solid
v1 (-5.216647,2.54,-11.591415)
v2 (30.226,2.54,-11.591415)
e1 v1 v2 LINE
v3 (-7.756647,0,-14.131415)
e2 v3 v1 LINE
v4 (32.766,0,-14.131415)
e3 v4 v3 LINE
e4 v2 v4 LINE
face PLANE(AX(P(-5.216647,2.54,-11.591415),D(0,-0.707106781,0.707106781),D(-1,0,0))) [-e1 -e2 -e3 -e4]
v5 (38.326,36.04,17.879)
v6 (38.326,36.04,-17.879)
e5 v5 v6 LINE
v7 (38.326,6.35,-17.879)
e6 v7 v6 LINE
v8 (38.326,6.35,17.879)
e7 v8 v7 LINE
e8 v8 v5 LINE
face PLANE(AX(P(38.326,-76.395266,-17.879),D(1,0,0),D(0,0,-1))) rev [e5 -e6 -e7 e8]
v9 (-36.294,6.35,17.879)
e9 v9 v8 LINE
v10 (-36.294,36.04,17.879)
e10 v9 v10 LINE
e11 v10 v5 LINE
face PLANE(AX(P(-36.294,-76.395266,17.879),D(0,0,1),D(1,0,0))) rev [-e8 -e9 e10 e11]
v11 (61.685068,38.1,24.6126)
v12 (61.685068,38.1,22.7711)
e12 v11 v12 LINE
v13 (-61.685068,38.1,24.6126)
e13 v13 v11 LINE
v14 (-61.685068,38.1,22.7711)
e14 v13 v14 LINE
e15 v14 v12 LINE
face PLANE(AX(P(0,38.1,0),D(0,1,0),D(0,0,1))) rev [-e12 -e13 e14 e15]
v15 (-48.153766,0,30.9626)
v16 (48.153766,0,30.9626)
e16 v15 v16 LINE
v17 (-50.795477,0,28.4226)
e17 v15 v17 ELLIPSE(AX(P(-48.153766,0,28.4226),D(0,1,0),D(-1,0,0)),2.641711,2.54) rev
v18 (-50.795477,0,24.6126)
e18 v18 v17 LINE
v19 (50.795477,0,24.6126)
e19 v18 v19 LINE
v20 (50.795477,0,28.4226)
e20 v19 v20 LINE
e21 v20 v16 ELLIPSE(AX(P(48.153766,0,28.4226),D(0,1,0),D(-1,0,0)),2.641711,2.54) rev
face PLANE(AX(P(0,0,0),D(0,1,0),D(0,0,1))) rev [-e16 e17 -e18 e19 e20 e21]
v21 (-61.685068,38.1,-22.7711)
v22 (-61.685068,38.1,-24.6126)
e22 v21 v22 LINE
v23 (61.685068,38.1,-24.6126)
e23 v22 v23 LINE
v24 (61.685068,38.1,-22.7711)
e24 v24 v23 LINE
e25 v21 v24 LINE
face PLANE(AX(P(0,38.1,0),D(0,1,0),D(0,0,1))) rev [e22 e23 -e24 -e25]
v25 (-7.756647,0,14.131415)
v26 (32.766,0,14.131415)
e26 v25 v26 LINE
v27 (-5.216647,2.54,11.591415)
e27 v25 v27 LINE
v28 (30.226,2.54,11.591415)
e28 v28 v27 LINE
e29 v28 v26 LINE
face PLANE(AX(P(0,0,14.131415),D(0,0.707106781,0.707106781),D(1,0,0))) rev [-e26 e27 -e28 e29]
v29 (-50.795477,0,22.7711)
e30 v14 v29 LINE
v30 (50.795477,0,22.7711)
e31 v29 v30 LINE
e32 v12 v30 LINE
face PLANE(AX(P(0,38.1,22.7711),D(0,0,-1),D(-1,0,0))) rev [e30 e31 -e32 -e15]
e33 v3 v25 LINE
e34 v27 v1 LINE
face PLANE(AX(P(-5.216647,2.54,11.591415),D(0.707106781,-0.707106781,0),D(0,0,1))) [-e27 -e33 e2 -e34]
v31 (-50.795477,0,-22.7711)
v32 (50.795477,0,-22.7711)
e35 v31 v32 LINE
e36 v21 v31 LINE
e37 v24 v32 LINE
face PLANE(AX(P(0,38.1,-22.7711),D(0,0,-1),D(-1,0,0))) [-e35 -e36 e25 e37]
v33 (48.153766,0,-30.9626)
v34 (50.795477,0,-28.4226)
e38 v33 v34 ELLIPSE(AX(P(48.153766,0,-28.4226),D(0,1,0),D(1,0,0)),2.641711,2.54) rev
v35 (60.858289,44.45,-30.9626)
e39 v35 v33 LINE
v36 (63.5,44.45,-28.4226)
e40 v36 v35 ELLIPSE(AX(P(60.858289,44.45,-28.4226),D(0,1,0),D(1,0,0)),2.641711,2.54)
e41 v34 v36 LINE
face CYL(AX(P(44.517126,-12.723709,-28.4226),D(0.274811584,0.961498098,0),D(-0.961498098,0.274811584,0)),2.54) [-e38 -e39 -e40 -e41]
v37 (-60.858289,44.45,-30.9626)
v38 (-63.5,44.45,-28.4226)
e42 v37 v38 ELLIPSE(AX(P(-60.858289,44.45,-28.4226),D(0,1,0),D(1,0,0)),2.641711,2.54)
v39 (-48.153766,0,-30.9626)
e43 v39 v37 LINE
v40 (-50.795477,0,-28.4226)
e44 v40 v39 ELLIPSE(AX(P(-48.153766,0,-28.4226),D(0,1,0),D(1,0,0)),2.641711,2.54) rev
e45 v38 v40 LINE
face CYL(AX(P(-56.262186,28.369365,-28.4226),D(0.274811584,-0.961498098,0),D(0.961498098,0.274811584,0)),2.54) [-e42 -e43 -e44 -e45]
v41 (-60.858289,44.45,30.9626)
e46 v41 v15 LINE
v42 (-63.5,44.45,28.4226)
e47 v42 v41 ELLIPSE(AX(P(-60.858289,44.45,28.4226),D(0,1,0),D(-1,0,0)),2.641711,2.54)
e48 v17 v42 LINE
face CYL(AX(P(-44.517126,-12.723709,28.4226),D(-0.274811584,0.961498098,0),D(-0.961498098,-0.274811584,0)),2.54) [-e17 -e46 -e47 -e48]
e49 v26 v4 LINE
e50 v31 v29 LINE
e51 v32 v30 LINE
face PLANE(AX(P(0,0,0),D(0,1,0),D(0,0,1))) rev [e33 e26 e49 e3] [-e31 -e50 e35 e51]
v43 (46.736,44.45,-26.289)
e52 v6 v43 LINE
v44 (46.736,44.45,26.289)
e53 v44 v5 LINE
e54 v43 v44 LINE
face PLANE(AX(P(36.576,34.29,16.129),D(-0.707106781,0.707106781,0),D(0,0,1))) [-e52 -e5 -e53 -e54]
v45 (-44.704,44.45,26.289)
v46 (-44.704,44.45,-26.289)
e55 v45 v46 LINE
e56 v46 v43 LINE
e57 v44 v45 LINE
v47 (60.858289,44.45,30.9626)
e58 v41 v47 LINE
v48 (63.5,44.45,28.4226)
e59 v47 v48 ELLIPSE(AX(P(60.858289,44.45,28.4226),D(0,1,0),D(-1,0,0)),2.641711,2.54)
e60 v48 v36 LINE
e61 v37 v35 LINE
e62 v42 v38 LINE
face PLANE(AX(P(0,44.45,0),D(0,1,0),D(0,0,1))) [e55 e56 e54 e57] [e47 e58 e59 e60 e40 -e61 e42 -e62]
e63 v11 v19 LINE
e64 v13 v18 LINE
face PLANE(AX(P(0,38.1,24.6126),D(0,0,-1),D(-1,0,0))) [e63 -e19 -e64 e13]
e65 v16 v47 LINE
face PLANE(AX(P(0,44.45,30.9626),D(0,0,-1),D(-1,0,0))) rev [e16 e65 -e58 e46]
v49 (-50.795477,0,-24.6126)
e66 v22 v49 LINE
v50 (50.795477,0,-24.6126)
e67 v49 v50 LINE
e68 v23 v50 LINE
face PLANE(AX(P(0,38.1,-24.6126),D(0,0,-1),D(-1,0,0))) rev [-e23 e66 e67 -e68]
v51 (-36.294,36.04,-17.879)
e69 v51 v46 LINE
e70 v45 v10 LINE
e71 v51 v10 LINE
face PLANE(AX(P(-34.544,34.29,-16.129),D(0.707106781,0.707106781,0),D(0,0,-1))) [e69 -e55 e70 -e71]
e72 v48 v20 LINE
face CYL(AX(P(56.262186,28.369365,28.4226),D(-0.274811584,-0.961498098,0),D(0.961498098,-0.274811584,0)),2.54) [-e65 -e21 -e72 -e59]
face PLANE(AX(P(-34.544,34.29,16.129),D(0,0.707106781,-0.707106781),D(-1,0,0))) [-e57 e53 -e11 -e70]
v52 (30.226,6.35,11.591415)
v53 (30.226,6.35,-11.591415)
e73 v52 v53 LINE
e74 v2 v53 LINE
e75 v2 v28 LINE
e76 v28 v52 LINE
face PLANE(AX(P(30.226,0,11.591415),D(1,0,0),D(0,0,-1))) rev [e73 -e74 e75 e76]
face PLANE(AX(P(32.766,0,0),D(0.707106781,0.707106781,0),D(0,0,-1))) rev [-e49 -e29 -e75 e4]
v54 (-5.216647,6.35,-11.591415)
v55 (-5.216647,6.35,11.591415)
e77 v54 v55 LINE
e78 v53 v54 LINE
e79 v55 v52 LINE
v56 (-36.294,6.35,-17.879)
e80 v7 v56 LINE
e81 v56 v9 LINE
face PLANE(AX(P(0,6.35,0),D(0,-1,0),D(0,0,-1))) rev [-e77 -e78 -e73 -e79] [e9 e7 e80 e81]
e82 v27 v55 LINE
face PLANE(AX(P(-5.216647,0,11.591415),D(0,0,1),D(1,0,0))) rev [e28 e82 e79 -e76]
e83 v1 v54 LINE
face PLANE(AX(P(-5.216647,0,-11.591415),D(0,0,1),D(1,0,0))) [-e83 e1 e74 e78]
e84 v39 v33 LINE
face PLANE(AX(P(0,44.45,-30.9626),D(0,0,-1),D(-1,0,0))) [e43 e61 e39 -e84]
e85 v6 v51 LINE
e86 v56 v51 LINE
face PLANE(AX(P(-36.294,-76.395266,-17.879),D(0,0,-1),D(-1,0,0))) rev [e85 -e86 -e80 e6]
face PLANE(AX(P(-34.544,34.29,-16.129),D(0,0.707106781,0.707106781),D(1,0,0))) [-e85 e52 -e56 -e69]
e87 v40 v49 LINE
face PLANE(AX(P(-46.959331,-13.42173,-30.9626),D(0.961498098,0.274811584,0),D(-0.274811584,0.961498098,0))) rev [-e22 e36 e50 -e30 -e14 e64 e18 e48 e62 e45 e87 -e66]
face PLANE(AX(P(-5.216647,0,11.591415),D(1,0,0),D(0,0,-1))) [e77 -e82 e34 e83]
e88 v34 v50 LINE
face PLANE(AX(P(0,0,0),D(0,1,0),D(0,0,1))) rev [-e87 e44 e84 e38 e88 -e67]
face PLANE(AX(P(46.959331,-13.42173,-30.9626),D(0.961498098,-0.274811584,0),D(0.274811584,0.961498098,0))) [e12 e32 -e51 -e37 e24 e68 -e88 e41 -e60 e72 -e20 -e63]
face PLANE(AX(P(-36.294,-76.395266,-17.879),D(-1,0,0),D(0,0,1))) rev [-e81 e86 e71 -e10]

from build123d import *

# Parameters (mm, degrees)
SKETCH1_W           = 127
SKETCH1_H           = 61.9252
BOSS_EXTRUDE1_DEPTH = 44.45
SKETCH1_3_W         = 127
SKETCH1_3_H         = 1.8415
CUT_EXTRUDE2_DEPTH  = 38.1
SKETCH2_W           = 71.12
SKETCH2_H           = 32.258
SKETCH2_W_2         = 35.442647017
SKETCH2_H_2         = 23.182829488
CUT_EXTRUDE3_DEPTH  = 38.1
CHAMFER2_SIZE       = 10.16
CUT_EXTRUDE5_DEPTH  = 100.210800294
FILLET3_R           = 2.54
SKETCH2_3_W         = 35.442647017
SKETCH2_3_H         = 23.182829488
CUT_EXTRUDE6_DEPTH  = 84.466970107
CHAMFER3_SIZE       = 2.54
SKETCH9_W           = 74.62
SKETCH9_H           = 35.758
CUT_EXTRUDE7_DEPTH  = 38.1


with BuildPart() as part:
    # Sketch1 → Boss-Extrude1 (new body)
    with BuildSketch(Plane(origin=(0, 0, 0), x_dir=(1, 0, 0), z_dir=(0, 1, 0))):
        Rectangle(SKETCH1_W, SKETCH1_H)
    extrude(amount=BOSS_EXTRUDE1_DEPTH)

    # Sketch1<3> → Cut-Extrude2 (cut)
    with BuildSketch(Plane(origin=(0, 0, 0), x_dir=(1, 0, 0), z_dir=(0, 1, 0))):
        with Locations((0, 23.69185)):
            Rectangle(SKETCH1_3_W, SKETCH1_3_H)
        with Locations((0, -23.69185)):
            Rectangle(SKETCH1_3_W, SKETCH1_3_H)
    extrude(amount=CUT_EXTRUDE2_DEPTH, mode=Mode.SUBTRACT)

    # Sketch2 → Cut-Extrude3 (cut)
    with BuildSketch(Plane(origin=(0, 44.45, 0), x_dir=(1, 0, 0), z_dir=(0, 1, 0))):
        with Locations((1.016, 0)):
            Rectangle(SKETCH2_W, SKETCH2_H)
        with Locations((12.504676492, 0)):
            Rectangle(SKETCH2_W_2, SKETCH2_H_2, mode=Mode.SUBTRACT)
    extrude(amount=-CUT_EXTRUDE3_DEPTH, mode=Mode.SUBTRACT)

    # Chamfer2
    chamfer2_edges = [part.edges().sort_by_distance(p)[0] for p in [
        (36.576, 44.45, 0),
        (1.016, 44.45, -16.129),
        (-34.544, 44.45, 0),
        (1.016, 44.45, 16.129),
    ]]
    chamfer(chamfer2_edges, length=CHAMFER2_SIZE)

    # Sketch7 → Cut-Extrude5 (cut, through all)
    with BuildSketch(Plane.XY.offset(30.9626)):
        Polygon((-50.795476794, 0), (-63.5, 44.45), (-63.5, 0), align=None)
        Polygon((63.5, 44.45), (50.795476794, 0), (63.5, 0), align=None)
    extrude(amount=-CUT_EXTRUDE5_DEPTH, mode=Mode.SUBTRACT)

    # Fillet3
    fillet3_edges = [part.edges().sort_by_distance(p)[0] for p in [
        (-57.147738397, 22.225, -30.9626),
        (-57.147738397, 22.225, 30.9626),
        (57.147738397, 22.225, 30.9626),
        (57.147738397, 22.225, -30.9626),
    ]]
    fillet(fillet3_edges, radius=FILLET3_R)

    # Sketch2<3> → Cut-Extrude6 (cut, through all)
    with BuildSketch(Plane(origin=(0, 44.45, 0), x_dir=(1, 0, 0), z_dir=(0, 1, 0))):
        with Locations((12.504676492, 0)):
            Rectangle(SKETCH2_3_W, SKETCH2_3_H)
    extrude(amount=-CUT_EXTRUDE6_DEPTH, mode=Mode.SUBTRACT)

    # Chamfer3
    chamfer3_edges = [part.edges().sort_by_distance(p)[0] for p in [
        (30.226, 0, 0),
        (12.504676491, 0, 11.591414744),
        (-5.216647017, 0, 0),
        (12.504676491, 0, -11.591414744),
    ]]
    chamfer(chamfer3_edges, length=CHAMFER3_SIZE)

    # Sketch9 → Cut-Extrude7 (cut)
    with BuildSketch(Plane(origin=(0, 44.45, 0), x_dir=(1, 0, 0), z_dir=(0, 1, 0))):
        with Locations((1.016, 0)):
            Rectangle(SKETCH9_W, SKETCH9_H)
    extrude(amount=-CUT_EXTRUDE7_DEPTH, mode=Mode.SUBTRACT)


solid = part.part
